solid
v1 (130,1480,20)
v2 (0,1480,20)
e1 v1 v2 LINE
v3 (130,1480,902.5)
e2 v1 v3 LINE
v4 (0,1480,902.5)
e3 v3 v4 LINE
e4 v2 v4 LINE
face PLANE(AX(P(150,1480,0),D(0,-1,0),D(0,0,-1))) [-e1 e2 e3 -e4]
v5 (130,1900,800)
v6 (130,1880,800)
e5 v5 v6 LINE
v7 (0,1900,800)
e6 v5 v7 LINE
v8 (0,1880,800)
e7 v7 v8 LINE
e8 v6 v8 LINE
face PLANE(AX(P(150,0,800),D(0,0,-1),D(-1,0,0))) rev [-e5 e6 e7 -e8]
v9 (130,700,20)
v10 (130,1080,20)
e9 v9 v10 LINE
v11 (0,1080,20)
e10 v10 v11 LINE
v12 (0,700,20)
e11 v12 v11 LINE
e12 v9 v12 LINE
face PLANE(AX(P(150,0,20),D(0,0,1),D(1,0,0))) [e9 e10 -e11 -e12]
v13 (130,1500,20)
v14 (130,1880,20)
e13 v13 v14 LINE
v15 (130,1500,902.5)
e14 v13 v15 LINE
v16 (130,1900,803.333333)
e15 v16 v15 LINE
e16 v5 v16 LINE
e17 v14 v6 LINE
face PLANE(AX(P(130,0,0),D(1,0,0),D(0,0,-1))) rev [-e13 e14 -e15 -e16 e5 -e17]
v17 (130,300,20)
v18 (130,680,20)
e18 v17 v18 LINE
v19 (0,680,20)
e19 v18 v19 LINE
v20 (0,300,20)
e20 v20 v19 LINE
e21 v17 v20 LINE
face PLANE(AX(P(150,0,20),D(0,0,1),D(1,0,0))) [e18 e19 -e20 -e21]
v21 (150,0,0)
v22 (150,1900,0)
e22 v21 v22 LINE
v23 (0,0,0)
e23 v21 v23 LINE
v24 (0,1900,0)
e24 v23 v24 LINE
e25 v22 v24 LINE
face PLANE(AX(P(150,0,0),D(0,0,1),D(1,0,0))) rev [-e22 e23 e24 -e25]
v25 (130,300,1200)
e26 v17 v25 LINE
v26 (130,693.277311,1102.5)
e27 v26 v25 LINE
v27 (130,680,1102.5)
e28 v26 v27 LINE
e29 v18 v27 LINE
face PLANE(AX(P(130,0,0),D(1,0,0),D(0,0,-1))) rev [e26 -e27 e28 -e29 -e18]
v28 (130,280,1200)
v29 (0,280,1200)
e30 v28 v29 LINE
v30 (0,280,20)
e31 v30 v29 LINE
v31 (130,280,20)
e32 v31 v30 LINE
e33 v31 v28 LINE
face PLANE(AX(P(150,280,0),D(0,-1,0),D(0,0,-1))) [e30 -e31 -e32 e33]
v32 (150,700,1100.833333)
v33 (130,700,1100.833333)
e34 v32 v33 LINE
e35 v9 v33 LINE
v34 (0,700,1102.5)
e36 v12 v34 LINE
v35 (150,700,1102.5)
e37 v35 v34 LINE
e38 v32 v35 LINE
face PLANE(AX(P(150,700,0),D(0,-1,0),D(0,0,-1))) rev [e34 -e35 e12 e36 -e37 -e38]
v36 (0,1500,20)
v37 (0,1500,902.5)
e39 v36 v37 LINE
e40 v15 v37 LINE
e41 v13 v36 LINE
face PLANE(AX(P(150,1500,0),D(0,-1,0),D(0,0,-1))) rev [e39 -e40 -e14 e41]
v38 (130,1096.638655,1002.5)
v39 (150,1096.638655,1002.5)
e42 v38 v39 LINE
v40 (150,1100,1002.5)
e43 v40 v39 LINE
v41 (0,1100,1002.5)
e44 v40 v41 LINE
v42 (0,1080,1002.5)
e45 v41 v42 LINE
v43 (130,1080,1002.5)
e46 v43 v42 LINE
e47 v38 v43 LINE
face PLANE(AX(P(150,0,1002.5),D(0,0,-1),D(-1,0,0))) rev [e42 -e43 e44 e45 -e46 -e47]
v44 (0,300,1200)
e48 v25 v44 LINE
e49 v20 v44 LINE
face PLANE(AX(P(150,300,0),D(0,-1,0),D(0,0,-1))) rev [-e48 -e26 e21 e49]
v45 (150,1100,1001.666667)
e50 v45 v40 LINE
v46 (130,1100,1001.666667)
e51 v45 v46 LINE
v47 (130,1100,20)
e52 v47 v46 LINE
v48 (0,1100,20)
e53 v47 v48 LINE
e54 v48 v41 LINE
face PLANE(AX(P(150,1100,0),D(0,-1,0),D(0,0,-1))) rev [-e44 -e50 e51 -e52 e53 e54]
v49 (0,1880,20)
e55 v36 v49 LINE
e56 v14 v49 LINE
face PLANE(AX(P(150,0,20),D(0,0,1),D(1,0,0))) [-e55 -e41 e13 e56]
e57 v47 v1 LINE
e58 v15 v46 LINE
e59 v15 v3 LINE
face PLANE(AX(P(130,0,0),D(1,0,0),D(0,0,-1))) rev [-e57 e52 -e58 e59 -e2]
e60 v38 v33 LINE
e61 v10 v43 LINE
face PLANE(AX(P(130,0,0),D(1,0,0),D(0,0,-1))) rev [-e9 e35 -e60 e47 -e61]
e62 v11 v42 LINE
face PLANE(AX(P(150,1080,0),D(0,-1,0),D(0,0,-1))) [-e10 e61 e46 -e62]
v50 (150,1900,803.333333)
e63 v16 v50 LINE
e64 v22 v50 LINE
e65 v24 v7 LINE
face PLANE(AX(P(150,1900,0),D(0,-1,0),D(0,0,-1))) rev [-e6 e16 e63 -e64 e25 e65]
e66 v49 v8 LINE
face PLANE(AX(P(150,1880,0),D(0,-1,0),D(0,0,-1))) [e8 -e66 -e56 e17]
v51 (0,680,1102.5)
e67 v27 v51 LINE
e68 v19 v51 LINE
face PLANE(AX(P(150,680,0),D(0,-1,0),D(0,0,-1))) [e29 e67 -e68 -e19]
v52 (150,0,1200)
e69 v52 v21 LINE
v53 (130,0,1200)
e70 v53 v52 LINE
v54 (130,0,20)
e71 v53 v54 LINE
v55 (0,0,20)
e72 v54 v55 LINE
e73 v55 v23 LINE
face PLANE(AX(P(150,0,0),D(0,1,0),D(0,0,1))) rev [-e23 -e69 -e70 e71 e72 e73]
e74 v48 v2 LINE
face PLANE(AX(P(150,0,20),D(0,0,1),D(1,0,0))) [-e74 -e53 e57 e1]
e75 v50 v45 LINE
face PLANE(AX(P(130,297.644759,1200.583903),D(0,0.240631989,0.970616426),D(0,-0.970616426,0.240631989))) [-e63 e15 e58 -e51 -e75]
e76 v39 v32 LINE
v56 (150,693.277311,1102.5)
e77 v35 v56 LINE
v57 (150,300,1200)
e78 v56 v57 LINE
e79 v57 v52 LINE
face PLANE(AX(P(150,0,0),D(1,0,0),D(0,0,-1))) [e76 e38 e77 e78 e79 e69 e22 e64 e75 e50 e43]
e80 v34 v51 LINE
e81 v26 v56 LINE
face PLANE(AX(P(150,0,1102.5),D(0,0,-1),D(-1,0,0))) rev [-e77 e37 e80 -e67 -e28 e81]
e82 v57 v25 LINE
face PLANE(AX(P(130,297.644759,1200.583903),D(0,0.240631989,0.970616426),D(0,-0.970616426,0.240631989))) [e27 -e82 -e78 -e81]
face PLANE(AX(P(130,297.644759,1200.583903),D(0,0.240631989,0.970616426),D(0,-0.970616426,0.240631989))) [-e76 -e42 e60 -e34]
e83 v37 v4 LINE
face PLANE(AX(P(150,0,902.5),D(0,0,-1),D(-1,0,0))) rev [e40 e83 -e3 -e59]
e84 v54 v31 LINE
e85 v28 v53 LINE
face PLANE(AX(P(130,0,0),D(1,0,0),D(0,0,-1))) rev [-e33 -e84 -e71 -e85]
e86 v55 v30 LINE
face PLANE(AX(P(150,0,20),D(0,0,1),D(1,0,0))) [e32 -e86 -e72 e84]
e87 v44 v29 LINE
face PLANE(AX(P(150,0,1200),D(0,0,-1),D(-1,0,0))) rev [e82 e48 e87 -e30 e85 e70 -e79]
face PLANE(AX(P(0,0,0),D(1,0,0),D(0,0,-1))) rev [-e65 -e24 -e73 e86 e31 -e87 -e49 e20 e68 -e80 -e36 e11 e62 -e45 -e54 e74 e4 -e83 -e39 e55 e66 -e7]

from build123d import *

# Parameters (mm, degrees)
BOSS_EXTRUDE4_DEPTH = 150
BOSS_EXTRUDE5_START = -150
BOSS_EXTRUDE5_DEPTH = 20


with BuildPart() as part:
    # Sketch1 → Boss-Extrude4 (new body)
    with BuildSketch(Plane(origin=(0, 0, 0), x_dir=(0, 0, -1), z_dir=(1, 0, 0))):
        Polygon((-20, 0), (0, 0), (0, 1900), (-800, 1900), (-800, 1880), (-20, 1880), (-20, 1500), (-902.5, 1500), (-902.5, 1480), (-20, 1480), (-20, 1100), (-1002.5, 1100), (-1002.5, 1080), (-20, 1080), (-20, 700), (-1102.5, 700), (-1102.5, 680), (-20, 680), (-20, 300), (-1200, 300), (-1200, 280), (-20, 280), align=None)
    extrude(amount=BOSS_EXTRUDE4_DEPTH)

    # Sketch2 → Boss-Extrude5 (add)
    with BuildSketch(Plane.ZY.offset(BOSS_EXTRUDE5_START)):
        Polygon((0, 1900), (803.333333333, 1900), (1200, 300), (1200, 0), (0, 0), align=None)
    extrude(amount=BOSS_EXTRUDE5_DEPTH)


solid = part.part
